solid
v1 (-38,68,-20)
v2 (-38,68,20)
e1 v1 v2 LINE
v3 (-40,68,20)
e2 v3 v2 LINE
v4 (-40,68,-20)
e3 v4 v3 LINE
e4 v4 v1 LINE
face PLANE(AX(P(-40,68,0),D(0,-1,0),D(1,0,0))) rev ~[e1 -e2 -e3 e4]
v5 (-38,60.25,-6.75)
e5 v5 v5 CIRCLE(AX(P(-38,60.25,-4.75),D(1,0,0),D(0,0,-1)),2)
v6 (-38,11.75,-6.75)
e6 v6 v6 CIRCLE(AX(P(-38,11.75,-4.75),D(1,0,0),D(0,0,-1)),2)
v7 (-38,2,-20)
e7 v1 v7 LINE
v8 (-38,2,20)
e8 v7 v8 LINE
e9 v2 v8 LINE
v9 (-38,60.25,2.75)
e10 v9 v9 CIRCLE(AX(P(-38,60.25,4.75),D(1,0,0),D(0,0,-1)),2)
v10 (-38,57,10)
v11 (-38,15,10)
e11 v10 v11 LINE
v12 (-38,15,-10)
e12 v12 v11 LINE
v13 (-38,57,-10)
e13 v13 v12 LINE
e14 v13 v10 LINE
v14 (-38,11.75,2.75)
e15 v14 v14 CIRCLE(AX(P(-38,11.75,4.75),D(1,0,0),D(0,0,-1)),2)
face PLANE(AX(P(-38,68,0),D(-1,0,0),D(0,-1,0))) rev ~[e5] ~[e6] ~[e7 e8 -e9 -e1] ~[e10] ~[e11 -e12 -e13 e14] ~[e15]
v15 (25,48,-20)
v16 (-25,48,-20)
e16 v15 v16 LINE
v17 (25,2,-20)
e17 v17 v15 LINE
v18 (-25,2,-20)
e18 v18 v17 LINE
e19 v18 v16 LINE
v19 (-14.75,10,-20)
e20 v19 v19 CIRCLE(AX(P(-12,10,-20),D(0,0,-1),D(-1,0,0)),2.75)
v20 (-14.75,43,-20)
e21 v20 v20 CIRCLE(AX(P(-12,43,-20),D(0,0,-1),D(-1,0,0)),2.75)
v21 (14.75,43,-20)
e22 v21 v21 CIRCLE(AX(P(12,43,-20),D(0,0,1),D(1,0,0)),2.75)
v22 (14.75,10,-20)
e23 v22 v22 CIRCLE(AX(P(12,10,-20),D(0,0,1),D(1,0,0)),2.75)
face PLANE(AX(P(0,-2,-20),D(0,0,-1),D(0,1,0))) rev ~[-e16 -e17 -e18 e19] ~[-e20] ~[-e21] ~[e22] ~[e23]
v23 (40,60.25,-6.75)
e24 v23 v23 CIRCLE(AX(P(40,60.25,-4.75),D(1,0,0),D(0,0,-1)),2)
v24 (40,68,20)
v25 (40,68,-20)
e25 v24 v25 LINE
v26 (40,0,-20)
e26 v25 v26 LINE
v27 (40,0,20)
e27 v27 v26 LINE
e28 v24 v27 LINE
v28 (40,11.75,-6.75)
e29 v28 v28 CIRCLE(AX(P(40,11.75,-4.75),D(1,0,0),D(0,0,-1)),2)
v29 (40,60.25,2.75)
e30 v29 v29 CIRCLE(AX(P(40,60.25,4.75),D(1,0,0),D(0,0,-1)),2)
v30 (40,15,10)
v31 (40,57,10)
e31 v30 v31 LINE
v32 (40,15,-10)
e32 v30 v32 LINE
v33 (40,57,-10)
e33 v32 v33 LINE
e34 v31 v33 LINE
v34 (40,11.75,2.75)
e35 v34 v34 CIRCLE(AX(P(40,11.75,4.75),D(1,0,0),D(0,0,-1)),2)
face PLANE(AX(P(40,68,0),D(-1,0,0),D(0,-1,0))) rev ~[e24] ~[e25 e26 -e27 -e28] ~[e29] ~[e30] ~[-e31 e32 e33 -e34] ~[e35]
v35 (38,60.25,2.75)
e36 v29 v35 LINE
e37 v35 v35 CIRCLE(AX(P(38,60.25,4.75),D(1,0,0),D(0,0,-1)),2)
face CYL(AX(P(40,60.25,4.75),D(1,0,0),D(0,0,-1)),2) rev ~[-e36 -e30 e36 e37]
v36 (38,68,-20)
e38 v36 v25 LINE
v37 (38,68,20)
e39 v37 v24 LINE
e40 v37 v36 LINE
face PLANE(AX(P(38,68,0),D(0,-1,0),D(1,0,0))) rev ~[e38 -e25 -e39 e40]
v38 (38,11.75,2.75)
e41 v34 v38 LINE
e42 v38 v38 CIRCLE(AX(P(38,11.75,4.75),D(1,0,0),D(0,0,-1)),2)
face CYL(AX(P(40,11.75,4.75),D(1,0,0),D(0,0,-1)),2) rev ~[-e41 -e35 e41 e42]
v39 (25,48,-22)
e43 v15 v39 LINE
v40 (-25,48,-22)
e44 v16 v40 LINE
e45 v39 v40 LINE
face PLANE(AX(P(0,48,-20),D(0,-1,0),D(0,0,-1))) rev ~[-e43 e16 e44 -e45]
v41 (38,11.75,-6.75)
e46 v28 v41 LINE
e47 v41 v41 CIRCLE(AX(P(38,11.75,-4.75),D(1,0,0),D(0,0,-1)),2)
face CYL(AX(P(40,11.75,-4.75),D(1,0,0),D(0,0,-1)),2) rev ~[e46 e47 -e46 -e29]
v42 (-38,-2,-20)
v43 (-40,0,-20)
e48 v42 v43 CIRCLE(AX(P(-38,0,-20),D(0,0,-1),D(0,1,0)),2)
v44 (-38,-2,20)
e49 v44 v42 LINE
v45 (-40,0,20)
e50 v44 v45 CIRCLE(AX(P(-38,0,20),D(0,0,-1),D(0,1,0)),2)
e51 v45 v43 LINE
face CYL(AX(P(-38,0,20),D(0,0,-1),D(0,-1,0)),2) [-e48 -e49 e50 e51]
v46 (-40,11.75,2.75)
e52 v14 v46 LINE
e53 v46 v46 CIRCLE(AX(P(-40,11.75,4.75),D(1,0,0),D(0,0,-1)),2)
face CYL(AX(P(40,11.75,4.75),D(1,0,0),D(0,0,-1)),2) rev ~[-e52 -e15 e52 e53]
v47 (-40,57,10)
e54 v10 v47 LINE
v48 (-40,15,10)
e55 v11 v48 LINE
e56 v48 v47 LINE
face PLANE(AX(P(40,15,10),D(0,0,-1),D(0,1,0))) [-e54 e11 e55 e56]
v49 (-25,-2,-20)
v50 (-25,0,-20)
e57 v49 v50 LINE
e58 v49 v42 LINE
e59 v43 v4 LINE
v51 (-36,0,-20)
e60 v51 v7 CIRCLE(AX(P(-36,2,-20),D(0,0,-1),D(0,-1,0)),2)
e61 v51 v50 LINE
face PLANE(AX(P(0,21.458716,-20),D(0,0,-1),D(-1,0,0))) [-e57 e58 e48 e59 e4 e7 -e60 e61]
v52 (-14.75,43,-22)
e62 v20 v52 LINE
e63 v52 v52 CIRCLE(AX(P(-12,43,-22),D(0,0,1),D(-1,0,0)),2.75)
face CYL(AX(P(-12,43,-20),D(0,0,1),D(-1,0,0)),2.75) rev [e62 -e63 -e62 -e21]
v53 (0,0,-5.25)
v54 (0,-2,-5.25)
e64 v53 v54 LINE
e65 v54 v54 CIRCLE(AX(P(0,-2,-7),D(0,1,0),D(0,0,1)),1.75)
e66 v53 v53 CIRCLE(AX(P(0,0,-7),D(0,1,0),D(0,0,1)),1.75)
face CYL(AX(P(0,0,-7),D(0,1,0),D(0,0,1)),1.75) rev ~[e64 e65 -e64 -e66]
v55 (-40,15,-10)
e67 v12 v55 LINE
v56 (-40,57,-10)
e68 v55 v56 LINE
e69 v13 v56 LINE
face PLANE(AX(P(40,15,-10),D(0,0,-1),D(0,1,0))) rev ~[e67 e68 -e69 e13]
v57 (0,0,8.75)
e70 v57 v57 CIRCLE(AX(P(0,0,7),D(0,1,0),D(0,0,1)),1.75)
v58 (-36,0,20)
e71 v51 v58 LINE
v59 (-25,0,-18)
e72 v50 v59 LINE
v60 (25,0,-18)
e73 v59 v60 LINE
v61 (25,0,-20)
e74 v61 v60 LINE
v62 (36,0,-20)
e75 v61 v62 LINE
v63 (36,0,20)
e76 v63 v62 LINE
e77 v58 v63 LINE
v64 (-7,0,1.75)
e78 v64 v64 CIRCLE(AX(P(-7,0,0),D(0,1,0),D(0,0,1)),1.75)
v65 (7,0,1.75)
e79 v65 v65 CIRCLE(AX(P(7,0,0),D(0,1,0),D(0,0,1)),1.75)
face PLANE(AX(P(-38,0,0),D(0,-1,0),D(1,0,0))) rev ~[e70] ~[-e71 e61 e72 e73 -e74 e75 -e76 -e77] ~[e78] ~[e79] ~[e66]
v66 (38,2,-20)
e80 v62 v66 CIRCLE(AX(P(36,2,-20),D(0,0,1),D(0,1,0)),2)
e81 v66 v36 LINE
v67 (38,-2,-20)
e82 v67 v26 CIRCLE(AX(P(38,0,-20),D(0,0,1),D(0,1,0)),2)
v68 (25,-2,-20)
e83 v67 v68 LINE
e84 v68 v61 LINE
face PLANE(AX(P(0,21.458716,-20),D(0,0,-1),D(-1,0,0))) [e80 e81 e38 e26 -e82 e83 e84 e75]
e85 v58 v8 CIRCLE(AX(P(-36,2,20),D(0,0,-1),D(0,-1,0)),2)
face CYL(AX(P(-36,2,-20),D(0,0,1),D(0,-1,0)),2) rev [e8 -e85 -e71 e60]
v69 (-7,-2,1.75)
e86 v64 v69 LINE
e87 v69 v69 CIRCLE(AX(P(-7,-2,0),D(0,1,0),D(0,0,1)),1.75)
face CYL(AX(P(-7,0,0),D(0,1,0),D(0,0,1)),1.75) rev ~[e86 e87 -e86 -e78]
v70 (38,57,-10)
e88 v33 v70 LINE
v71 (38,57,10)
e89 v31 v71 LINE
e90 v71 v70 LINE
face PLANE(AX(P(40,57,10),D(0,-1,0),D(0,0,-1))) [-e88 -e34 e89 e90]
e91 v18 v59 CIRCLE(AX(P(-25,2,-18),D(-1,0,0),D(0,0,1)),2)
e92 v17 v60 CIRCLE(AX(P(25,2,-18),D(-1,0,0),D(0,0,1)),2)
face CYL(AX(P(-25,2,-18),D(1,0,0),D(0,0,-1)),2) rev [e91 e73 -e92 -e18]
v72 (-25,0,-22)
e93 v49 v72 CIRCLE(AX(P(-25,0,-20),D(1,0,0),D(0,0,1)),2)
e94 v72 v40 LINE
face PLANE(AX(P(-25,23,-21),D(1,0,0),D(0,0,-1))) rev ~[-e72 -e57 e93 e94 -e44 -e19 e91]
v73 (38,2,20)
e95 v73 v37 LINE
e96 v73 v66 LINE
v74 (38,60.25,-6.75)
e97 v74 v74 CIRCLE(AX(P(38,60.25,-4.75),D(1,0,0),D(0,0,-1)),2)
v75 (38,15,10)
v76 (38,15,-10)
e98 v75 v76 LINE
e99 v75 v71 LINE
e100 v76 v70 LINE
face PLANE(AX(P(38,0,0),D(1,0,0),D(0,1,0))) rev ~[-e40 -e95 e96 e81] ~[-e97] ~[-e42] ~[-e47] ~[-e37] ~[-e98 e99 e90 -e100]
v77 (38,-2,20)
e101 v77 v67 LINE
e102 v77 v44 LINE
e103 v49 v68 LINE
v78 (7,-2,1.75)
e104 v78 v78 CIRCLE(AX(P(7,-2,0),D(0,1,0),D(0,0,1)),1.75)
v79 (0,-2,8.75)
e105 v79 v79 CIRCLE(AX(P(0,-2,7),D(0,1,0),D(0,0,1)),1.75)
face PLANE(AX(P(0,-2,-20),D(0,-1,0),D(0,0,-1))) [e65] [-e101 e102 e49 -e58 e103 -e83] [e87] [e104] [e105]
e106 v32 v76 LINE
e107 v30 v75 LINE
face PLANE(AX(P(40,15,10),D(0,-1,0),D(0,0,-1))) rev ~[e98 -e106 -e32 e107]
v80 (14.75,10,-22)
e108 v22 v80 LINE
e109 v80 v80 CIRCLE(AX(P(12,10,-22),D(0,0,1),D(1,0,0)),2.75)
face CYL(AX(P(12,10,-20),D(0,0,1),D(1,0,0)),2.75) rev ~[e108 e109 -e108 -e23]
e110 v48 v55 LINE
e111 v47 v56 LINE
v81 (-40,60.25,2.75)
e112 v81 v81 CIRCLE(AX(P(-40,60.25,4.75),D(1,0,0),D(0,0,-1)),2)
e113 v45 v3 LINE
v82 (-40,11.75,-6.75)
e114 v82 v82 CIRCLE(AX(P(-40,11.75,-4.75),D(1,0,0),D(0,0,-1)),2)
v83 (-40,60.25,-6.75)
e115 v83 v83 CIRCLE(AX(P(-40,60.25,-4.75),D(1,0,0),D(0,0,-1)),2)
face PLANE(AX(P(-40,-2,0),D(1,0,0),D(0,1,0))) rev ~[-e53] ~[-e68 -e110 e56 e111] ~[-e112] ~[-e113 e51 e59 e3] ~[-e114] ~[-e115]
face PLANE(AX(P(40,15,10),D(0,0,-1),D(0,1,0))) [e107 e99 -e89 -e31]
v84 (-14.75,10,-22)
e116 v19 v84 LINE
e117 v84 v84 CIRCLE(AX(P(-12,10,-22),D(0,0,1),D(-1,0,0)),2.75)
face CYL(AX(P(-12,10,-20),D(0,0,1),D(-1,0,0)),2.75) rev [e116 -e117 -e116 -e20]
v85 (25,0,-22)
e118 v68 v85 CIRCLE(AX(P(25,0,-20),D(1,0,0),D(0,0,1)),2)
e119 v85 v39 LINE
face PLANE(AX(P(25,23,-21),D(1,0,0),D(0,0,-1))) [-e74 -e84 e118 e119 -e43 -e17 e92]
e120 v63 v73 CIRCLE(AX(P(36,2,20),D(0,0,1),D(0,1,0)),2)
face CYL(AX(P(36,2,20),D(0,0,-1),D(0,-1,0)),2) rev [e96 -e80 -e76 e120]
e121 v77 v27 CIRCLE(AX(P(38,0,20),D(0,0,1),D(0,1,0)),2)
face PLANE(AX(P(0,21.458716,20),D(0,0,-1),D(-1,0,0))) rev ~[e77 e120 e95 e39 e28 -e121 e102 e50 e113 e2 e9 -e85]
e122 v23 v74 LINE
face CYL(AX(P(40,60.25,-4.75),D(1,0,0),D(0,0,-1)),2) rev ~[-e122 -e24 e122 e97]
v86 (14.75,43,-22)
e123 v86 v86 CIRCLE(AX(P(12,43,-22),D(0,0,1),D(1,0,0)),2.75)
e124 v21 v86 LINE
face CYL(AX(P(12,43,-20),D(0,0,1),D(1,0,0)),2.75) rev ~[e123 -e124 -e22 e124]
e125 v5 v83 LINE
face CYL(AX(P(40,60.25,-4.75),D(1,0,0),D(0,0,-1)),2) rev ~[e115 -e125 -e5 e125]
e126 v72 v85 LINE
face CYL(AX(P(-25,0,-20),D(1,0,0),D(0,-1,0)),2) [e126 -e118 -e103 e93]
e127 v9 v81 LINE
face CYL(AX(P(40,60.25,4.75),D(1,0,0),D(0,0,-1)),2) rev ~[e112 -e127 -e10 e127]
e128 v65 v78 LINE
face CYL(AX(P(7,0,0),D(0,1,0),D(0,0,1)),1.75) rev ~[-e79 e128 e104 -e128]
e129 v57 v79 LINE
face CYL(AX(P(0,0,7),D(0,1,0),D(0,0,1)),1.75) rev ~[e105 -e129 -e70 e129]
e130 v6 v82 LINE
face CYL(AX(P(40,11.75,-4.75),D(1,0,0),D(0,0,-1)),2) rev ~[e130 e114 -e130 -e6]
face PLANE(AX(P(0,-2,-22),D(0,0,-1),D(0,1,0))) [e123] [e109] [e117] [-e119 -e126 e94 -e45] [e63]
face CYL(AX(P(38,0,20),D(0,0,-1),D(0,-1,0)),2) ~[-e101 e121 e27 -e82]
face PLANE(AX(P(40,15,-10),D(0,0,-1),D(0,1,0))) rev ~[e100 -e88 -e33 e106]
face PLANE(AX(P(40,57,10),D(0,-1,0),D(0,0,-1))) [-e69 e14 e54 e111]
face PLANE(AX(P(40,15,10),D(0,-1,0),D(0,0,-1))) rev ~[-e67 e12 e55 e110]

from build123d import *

# Parameters (mm, degrees)
EXTRUDE_1_DEPTH     = 20
SKETCH_2_R          = 1.75
CUT_EXTRUDE_1_DEPTH = 10
SKETCH_3_W          = 20
SKETCH_3_H          = 42
CUT_EXTRUDE_2_DEPTH = 107.883113727
SKETCH_4_R          = 2
CUT_EXTRUDE_3_DEPTH = 107.883113727
SKETCH_8_W          = 2
SKETCH_8_H          = 50
EXTRUDE_4_DEPTH     = 25
SKETCH_9_R          = 2.75
CUT_EXTRUDE_4_DEPTH = 8
FILLET_1_R          = 2


with BuildPart() as part:
    # 草图1 → 凸台-拉伸1 (new, symmetric)
    with BuildSketch(Plane.XY):
        Polygon((-38, 0), (38, 0), (38, 68), (40, 68), (40, -2), (-40, -2), (-40, 68), (-38, 68), align=None)
    extrude(amount=EXTRUDE_1_DEPTH, both=True)

    # 草图2 → 切除-拉伸1 (cut)
    with BuildSketch(Plane(origin=(0, 0, 0), x_dir=(1, 0, 0), z_dir=(0, 1, 0))):
        with Locations(Location((0, 7, 0), (0, 0, 270))):
            Circle(SKETCH_2_R)
        with Locations(Location((-7, 0, 0), (0, 0, 270))):
            Circle(SKETCH_2_R)
        with Locations(Location((0, -7, 0), (0, 0, 270))):
            Circle(SKETCH_2_R)
        with Locations(Location((7, 0, 0), (0, 0, 270))):
            Circle(SKETCH_2_R)
    extrude(amount=-CUT_EXTRUDE_1_DEPTH, mode=Mode.SUBTRACT)

    # 草图3 → 切除-拉伸2 (cut, through all)
    with BuildSketch(Plane(origin=(40, 0, 0), x_dir=(0, 0, -1), z_dir=(1, 0, 0))):
        with Locations((0, 36)):
            Rectangle(SKETCH_3_W, SKETCH_3_H)
    extrude(amount=-CUT_EXTRUDE_2_DEPTH, mode=Mode.SUBTRACT)

    # 草图4 → 切除-拉伸3 (cut, through all)
    with BuildSketch(Plane(origin=(40, 0, 0), x_dir=(0, 0, -1), z_dir=(1, 0, 0))):
        with Locations((-4.75, 60.25)):
            Circle(SKETCH_4_R)
        with Locations((4.75, 60.25)):
            Circle(SKETCH_4_R)
        with Locations((-4.75, 11.75)):
            Circle(SKETCH_4_R)
        with Locations((4.75, 11.75)):
            Circle(SKETCH_4_R)
    extrude(amount=-CUT_EXTRUDE_3_DEPTH, mode=Mode.SUBTRACT)

    # 草图8 → 凸台-拉伸4 (add, symmetric)
    with BuildSketch(Plane(origin=(0, 0, 0), x_dir=(0, 0, -1), z_dir=(1, 0, 0))):
        with Locations((21, 23)):
            Rectangle(SKETCH_8_W, SKETCH_8_H)
    extrude(amount=EXTRUDE_4_DEPTH, both=True)

    # 草图9 → 切除-拉伸4 (cut)
    with BuildSketch(Plane.XY.offset(-20)):
        with Locations((12, 10)):
            Circle(SKETCH_9_R)
        with Locations((12, 43)):
            Circle(SKETCH_9_R)
    cut_extrude_4 = extrude(amount=-CUT_EXTRUDE_4_DEPTH, mode=Mode.SUBTRACT)

    # 镜向1: 切除-拉伸4 across plane
    add(cut_extrude_4.mirror(Plane(origin=(0, 0, 0), x_dir=(0, 0, 1), z_dir=(1, 0, 0))), mode=Mode.SUBTRACT)

    # 圆角1
    fillet_1_edges = [part.edges().sort_by_distance(p)[0] for p in [
        (0, -2, -22),
        (0, 0, -20),
        (-38, 0, 0),
        (-40, -2, 0),
        (40, -2, 0),
        (38, 0, 0),
    ]]
    fillet(fillet_1_edges, radius=FILLET_1_R)


solid = part.part
